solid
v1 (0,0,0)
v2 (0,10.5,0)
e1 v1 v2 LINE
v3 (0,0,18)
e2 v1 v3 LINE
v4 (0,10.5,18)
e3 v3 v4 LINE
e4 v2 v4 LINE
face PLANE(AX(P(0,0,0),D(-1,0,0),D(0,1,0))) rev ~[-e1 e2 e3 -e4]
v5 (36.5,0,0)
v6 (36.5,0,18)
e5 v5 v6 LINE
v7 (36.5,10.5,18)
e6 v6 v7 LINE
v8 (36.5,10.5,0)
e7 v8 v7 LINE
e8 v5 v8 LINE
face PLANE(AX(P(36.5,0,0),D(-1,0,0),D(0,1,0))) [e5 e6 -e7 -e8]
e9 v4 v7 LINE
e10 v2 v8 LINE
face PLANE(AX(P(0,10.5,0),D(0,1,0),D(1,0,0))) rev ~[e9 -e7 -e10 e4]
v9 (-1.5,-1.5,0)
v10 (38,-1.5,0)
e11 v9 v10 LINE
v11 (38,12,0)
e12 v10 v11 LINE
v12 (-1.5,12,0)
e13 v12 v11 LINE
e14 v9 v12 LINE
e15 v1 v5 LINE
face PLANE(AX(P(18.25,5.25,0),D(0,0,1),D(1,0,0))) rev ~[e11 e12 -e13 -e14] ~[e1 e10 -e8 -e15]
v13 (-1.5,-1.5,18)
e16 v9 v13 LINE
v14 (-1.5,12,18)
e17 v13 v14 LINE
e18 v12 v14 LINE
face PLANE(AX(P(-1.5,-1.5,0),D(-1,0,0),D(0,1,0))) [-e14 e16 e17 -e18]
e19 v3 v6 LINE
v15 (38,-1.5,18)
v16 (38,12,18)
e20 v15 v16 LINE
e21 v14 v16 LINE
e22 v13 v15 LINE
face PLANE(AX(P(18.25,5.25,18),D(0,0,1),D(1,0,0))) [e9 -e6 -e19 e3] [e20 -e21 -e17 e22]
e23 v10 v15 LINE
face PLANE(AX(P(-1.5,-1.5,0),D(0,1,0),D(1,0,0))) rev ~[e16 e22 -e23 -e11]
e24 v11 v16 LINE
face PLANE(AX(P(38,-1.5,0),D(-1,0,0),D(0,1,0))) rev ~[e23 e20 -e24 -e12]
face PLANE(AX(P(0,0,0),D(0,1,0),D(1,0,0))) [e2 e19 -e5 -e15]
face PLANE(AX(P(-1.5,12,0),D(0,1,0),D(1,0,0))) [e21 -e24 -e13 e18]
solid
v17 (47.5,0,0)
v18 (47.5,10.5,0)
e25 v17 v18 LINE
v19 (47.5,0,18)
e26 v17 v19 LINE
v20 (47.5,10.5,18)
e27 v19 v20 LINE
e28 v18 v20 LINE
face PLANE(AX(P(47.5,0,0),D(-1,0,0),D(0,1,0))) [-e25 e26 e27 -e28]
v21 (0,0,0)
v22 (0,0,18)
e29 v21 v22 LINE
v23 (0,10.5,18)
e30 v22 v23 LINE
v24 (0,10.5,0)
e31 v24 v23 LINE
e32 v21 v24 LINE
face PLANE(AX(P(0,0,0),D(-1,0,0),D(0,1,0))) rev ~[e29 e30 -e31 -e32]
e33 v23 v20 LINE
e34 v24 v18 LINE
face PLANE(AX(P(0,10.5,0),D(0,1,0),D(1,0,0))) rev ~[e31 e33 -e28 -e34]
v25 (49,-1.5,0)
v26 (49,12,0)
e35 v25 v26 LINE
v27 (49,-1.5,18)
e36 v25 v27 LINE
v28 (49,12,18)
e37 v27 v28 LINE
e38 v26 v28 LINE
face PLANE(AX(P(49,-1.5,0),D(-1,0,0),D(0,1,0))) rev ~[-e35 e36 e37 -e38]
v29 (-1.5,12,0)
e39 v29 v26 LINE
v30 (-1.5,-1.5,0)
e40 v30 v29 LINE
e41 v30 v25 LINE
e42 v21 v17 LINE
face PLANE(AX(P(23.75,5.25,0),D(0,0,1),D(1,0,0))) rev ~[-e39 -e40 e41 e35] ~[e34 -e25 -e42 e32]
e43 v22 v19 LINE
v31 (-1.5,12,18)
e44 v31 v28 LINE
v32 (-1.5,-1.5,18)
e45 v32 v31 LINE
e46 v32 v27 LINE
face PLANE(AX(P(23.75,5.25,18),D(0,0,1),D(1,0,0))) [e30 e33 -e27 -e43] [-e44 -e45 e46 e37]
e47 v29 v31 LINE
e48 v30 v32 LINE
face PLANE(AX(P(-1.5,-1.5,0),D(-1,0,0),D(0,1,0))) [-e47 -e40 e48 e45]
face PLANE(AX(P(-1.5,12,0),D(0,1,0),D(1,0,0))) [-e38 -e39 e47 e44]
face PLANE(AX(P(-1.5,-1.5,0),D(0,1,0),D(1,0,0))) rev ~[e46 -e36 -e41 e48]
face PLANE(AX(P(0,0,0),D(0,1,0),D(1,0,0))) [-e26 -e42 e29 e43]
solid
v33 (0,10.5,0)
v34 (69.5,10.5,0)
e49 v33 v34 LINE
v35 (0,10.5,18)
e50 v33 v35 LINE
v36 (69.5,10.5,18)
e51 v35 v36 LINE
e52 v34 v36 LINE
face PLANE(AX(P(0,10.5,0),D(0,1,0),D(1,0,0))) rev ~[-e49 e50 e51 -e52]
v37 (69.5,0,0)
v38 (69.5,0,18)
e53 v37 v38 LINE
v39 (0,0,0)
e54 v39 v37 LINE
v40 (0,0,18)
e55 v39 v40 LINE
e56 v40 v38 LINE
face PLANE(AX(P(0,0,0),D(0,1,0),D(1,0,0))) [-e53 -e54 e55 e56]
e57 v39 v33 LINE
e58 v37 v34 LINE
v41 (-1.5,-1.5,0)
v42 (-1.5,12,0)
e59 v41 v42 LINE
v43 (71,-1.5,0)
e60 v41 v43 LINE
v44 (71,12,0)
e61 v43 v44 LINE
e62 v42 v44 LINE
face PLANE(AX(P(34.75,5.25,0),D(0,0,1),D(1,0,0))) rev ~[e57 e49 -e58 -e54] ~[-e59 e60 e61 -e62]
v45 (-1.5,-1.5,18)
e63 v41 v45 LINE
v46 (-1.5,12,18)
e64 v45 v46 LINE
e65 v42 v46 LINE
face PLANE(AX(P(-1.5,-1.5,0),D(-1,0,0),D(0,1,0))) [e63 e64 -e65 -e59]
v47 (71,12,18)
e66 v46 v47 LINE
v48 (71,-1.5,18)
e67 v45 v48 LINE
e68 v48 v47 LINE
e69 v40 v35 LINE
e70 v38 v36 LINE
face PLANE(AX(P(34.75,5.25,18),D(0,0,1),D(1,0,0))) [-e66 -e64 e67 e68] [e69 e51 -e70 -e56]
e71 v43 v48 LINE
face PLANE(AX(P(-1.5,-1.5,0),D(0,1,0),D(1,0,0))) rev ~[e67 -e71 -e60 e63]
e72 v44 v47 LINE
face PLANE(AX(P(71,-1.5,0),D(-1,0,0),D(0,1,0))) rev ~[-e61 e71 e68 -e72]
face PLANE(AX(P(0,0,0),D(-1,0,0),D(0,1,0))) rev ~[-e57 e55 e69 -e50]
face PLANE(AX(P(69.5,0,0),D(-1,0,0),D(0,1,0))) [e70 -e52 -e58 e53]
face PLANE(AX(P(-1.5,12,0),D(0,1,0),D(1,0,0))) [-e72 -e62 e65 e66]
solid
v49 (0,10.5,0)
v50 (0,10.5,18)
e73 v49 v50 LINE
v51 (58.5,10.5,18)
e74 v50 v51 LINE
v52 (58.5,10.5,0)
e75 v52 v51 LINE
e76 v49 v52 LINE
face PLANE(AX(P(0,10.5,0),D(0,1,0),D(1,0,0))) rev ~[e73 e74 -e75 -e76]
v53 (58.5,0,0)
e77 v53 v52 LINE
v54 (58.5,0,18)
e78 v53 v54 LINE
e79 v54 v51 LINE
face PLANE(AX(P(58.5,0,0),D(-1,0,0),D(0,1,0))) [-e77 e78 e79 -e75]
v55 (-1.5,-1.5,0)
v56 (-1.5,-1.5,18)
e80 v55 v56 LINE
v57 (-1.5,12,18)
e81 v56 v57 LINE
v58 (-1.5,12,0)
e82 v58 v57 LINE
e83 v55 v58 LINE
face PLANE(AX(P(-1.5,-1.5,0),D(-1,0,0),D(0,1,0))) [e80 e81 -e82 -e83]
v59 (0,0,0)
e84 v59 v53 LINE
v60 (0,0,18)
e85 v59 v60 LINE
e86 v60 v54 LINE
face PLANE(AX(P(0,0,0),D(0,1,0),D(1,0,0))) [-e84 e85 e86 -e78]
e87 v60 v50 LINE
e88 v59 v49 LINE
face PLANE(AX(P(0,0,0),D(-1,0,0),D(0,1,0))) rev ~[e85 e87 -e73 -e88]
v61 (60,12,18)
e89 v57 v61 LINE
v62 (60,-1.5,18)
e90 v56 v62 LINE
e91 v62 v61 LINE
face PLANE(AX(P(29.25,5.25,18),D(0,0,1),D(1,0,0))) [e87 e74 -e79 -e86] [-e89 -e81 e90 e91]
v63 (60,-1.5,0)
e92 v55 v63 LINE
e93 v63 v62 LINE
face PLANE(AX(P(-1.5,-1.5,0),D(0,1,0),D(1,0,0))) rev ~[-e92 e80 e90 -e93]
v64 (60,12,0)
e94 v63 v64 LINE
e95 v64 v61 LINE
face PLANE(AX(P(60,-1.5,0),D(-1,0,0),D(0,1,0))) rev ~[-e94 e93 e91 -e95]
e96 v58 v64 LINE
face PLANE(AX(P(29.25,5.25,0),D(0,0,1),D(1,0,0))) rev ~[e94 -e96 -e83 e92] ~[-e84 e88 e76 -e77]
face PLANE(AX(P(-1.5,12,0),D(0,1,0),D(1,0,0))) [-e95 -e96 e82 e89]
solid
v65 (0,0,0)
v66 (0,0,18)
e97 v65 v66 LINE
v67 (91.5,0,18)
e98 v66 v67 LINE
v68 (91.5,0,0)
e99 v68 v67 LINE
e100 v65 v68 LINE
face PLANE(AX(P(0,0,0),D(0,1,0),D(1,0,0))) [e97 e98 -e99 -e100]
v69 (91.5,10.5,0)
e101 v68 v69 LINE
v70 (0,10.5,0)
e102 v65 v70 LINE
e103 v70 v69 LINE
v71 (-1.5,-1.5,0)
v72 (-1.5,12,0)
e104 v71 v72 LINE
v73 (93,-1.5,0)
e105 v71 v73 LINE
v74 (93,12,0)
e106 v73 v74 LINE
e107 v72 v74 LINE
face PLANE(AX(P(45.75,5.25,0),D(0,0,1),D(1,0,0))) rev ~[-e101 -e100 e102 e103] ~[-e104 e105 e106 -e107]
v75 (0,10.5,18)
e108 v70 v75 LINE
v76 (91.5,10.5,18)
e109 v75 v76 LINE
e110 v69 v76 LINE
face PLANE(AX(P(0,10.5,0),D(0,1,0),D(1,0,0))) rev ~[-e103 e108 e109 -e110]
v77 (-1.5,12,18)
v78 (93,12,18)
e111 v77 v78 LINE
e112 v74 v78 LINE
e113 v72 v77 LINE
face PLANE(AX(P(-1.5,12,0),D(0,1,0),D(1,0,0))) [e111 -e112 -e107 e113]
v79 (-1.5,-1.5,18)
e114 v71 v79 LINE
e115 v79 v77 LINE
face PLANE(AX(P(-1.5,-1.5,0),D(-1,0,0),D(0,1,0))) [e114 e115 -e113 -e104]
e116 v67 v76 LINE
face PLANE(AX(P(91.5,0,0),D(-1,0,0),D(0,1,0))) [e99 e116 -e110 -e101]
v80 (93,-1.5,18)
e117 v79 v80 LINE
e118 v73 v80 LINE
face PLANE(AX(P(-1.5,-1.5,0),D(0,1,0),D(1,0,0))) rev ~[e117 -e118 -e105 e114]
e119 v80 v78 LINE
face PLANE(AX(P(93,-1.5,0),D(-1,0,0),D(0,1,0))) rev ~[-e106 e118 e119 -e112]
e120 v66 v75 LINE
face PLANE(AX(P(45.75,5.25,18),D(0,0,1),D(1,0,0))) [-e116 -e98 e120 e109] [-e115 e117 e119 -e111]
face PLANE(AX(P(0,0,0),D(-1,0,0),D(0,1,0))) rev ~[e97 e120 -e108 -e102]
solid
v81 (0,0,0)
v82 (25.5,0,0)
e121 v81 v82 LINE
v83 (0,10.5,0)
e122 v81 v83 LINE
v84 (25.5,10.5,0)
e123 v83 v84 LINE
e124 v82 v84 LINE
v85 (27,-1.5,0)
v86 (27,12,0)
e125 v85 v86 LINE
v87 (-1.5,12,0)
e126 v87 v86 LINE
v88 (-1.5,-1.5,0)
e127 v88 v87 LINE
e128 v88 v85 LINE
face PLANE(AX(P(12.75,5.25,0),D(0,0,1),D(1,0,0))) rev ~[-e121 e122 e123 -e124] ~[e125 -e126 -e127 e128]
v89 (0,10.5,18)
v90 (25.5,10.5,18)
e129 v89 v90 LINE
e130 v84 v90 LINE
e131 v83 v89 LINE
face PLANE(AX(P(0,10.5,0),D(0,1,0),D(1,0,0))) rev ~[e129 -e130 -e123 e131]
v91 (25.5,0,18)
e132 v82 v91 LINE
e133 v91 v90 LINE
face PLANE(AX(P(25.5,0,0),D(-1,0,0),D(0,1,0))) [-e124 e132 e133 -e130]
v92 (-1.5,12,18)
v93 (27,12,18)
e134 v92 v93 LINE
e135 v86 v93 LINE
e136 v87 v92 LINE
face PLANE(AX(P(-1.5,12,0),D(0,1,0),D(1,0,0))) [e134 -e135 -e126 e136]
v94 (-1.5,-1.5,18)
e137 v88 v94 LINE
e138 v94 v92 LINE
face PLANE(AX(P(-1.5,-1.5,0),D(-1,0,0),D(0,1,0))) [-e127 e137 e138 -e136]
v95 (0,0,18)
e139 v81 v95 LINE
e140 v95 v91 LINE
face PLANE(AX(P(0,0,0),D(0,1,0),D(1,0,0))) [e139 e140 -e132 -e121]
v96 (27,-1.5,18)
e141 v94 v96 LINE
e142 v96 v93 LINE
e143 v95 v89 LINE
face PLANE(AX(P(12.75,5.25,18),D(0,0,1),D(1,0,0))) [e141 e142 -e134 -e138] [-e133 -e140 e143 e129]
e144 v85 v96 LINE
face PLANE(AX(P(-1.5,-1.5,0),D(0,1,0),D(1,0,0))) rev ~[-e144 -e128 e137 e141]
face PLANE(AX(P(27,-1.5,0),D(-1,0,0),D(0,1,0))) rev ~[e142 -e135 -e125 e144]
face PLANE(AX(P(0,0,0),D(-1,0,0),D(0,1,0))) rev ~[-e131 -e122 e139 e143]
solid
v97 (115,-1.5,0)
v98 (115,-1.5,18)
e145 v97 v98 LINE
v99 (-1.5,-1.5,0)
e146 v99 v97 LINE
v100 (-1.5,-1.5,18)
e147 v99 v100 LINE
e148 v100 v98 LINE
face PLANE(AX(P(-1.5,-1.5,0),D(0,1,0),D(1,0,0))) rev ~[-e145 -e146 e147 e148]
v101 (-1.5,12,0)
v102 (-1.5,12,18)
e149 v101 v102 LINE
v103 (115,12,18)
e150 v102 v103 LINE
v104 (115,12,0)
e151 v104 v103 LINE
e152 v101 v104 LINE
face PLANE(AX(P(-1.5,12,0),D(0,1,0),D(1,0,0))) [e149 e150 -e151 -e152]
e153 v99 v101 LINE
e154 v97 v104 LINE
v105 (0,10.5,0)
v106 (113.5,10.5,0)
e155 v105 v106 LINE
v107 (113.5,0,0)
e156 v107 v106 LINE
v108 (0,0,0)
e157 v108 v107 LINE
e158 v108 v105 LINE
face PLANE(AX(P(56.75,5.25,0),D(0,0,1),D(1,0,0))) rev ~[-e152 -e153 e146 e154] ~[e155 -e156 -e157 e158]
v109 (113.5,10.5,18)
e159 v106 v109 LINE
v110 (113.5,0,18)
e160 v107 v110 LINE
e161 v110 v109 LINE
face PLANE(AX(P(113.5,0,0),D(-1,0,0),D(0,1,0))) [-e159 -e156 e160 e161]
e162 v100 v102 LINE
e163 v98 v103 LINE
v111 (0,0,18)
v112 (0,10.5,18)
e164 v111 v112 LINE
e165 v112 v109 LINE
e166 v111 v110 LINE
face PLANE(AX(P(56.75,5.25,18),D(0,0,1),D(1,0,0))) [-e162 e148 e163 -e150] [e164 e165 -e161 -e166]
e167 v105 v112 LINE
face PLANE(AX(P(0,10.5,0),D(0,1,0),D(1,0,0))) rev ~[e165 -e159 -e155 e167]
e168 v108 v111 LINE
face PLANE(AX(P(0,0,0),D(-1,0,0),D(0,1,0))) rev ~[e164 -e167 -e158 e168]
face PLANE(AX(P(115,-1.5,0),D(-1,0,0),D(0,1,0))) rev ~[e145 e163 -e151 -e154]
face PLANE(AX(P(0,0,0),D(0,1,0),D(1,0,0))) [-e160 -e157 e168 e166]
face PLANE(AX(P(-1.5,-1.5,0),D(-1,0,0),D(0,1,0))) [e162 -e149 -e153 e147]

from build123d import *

# Parameters (mm, degrees)
SKETCH_W         = 72.5
SKETCH_H         = 13.5
SKETCH_W_2       = 69.5
SKETCH_H_2       = 10.5
EXTRUDE_DEPTH    = 18
SKETCH001_W      = 28.5
SKETCH001_H      = 13.5
SKETCH001_W_2    = 25.5
SKETCH001_H_2    = 10.5
EXTRUDE001_DEPTH = 18
SKETCH002_W      = 39.5
SKETCH002_H      = 13.5
SKETCH002_W_2    = 36.5
SKETCH002_H_2    = 10.5
EXTRUDE002_DEPTH = 18
SKETCH003_W      = 50.5
SKETCH003_H      = 13.5
SKETCH003_W_2    = 47.5
SKETCH003_H_2    = 10.5
EXTRUDE003_DEPTH = 18
SKETCH004_W      = 61.5
SKETCH004_H      = 13.5
SKETCH004_W_2    = 58.5
SKETCH004_H_2    = 10.5
EXTRUDE004_DEPTH = 18
SKETCH005_W      = 94.5
SKETCH005_H      = 13.5
SKETCH005_W_2    = 91.5
SKETCH005_H_2    = 10.5
EXTRUDE005_DEPTH = 18
SKETCH006_W      = 116.5
SKETCH006_H      = 13.5
SKETCH006_W_2    = 113.5
SKETCH006_H_2    = 10.5
EXTRUDE006_DEPTH = 18


with BuildPart() as f_12c1r:
    # Sketch → Extrude (new body)
    with BuildSketch(Plane.XY):
        with Locations((34.75, 5.25)):
            Rectangle(SKETCH_W, SKETCH_H)
        with Locations((34.75, 5.25)):
            Rectangle(SKETCH_W_2, SKETCH_H_2, mode=Mode.SUBTRACT)
    extrude(amount=EXTRUDE_DEPTH)


with BuildPart() as f_4c1r:
    # Sketch001 → Extrude001 (new body)
    with BuildSketch(Plane.XY):
        with Locations((12.75, 5.25)):
            Rectangle(SKETCH001_W, SKETCH001_H)
        with Locations((12.75, 5.25)):
            Rectangle(SKETCH001_W_2, SKETCH001_H_2, mode=Mode.SUBTRACT)
    extrude(amount=EXTRUDE001_DEPTH)


with BuildPart() as f_6c1r:
    # Sketch002 → Extrude002 (new body)
    with BuildSketch(Plane.XY):
        with Locations((18.25, 5.25)):
            Rectangle(SKETCH002_W, SKETCH002_H)
        with Locations((18.25, 5.25)):
            Rectangle(SKETCH002_W_2, SKETCH002_H_2, mode=Mode.SUBTRACT)
    extrude(amount=EXTRUDE002_DEPTH)


with BuildPart() as f_8c1r:
    # Sketch003 → Extrude003 (new body)
    with BuildSketch(Plane.XY):
        with Locations((23.75, 5.25)):
            Rectangle(SKETCH003_W, SKETCH003_H)
        with Locations((23.75, 5.25)):
            Rectangle(SKETCH003_W_2, SKETCH003_H_2, mode=Mode.SUBTRACT)
    extrude(amount=EXTRUDE003_DEPTH)


with BuildPart() as f_10c1r:
    # Sketch004 → Extrude004 (new body)
    with BuildSketch(Plane.XY):
        with Locations((29.25, 5.25)):
            Rectangle(SKETCH004_W, SKETCH004_H)
        with Locations((29.25, 5.25)):
            Rectangle(SKETCH004_W_2, SKETCH004_H_2, mode=Mode.SUBTRACT)
    extrude(amount=EXTRUDE004_DEPTH)


with BuildPart() as f_16c1r:
    # Sketch005 → Extrude005 (new body)
    with BuildSketch(Plane.XY):
        with Locations((45.75, 5.25)):
            Rectangle(SKETCH005_W, SKETCH005_H)
        with Locations((45.75, 5.25)):
            Rectangle(SKETCH005_W_2, SKETCH005_H_2, mode=Mode.SUBTRACT)
    extrude(amount=EXTRUDE005_DEPTH)


with BuildPart() as f_20c1r:
    # Sketch006 → Extrude006 (new body)
    with BuildSketch(Plane.XY):
        with Locations((56.75, 5.25)):
            Rectangle(SKETCH006_W, SKETCH006_H)
        with Locations((56.75, 5.25)):
            Rectangle(SKETCH006_W_2, SKETCH006_H_2, mode=Mode.SUBTRACT)
    extrude(amount=EXTRUDE006_DEPTH)


solid = Compound([f_12c1r.part, f_4c1r.part, f_6c1r.part, f_8c1r.part, f_10c1r.part, f_16c1r.part, f_20c1r.part])
